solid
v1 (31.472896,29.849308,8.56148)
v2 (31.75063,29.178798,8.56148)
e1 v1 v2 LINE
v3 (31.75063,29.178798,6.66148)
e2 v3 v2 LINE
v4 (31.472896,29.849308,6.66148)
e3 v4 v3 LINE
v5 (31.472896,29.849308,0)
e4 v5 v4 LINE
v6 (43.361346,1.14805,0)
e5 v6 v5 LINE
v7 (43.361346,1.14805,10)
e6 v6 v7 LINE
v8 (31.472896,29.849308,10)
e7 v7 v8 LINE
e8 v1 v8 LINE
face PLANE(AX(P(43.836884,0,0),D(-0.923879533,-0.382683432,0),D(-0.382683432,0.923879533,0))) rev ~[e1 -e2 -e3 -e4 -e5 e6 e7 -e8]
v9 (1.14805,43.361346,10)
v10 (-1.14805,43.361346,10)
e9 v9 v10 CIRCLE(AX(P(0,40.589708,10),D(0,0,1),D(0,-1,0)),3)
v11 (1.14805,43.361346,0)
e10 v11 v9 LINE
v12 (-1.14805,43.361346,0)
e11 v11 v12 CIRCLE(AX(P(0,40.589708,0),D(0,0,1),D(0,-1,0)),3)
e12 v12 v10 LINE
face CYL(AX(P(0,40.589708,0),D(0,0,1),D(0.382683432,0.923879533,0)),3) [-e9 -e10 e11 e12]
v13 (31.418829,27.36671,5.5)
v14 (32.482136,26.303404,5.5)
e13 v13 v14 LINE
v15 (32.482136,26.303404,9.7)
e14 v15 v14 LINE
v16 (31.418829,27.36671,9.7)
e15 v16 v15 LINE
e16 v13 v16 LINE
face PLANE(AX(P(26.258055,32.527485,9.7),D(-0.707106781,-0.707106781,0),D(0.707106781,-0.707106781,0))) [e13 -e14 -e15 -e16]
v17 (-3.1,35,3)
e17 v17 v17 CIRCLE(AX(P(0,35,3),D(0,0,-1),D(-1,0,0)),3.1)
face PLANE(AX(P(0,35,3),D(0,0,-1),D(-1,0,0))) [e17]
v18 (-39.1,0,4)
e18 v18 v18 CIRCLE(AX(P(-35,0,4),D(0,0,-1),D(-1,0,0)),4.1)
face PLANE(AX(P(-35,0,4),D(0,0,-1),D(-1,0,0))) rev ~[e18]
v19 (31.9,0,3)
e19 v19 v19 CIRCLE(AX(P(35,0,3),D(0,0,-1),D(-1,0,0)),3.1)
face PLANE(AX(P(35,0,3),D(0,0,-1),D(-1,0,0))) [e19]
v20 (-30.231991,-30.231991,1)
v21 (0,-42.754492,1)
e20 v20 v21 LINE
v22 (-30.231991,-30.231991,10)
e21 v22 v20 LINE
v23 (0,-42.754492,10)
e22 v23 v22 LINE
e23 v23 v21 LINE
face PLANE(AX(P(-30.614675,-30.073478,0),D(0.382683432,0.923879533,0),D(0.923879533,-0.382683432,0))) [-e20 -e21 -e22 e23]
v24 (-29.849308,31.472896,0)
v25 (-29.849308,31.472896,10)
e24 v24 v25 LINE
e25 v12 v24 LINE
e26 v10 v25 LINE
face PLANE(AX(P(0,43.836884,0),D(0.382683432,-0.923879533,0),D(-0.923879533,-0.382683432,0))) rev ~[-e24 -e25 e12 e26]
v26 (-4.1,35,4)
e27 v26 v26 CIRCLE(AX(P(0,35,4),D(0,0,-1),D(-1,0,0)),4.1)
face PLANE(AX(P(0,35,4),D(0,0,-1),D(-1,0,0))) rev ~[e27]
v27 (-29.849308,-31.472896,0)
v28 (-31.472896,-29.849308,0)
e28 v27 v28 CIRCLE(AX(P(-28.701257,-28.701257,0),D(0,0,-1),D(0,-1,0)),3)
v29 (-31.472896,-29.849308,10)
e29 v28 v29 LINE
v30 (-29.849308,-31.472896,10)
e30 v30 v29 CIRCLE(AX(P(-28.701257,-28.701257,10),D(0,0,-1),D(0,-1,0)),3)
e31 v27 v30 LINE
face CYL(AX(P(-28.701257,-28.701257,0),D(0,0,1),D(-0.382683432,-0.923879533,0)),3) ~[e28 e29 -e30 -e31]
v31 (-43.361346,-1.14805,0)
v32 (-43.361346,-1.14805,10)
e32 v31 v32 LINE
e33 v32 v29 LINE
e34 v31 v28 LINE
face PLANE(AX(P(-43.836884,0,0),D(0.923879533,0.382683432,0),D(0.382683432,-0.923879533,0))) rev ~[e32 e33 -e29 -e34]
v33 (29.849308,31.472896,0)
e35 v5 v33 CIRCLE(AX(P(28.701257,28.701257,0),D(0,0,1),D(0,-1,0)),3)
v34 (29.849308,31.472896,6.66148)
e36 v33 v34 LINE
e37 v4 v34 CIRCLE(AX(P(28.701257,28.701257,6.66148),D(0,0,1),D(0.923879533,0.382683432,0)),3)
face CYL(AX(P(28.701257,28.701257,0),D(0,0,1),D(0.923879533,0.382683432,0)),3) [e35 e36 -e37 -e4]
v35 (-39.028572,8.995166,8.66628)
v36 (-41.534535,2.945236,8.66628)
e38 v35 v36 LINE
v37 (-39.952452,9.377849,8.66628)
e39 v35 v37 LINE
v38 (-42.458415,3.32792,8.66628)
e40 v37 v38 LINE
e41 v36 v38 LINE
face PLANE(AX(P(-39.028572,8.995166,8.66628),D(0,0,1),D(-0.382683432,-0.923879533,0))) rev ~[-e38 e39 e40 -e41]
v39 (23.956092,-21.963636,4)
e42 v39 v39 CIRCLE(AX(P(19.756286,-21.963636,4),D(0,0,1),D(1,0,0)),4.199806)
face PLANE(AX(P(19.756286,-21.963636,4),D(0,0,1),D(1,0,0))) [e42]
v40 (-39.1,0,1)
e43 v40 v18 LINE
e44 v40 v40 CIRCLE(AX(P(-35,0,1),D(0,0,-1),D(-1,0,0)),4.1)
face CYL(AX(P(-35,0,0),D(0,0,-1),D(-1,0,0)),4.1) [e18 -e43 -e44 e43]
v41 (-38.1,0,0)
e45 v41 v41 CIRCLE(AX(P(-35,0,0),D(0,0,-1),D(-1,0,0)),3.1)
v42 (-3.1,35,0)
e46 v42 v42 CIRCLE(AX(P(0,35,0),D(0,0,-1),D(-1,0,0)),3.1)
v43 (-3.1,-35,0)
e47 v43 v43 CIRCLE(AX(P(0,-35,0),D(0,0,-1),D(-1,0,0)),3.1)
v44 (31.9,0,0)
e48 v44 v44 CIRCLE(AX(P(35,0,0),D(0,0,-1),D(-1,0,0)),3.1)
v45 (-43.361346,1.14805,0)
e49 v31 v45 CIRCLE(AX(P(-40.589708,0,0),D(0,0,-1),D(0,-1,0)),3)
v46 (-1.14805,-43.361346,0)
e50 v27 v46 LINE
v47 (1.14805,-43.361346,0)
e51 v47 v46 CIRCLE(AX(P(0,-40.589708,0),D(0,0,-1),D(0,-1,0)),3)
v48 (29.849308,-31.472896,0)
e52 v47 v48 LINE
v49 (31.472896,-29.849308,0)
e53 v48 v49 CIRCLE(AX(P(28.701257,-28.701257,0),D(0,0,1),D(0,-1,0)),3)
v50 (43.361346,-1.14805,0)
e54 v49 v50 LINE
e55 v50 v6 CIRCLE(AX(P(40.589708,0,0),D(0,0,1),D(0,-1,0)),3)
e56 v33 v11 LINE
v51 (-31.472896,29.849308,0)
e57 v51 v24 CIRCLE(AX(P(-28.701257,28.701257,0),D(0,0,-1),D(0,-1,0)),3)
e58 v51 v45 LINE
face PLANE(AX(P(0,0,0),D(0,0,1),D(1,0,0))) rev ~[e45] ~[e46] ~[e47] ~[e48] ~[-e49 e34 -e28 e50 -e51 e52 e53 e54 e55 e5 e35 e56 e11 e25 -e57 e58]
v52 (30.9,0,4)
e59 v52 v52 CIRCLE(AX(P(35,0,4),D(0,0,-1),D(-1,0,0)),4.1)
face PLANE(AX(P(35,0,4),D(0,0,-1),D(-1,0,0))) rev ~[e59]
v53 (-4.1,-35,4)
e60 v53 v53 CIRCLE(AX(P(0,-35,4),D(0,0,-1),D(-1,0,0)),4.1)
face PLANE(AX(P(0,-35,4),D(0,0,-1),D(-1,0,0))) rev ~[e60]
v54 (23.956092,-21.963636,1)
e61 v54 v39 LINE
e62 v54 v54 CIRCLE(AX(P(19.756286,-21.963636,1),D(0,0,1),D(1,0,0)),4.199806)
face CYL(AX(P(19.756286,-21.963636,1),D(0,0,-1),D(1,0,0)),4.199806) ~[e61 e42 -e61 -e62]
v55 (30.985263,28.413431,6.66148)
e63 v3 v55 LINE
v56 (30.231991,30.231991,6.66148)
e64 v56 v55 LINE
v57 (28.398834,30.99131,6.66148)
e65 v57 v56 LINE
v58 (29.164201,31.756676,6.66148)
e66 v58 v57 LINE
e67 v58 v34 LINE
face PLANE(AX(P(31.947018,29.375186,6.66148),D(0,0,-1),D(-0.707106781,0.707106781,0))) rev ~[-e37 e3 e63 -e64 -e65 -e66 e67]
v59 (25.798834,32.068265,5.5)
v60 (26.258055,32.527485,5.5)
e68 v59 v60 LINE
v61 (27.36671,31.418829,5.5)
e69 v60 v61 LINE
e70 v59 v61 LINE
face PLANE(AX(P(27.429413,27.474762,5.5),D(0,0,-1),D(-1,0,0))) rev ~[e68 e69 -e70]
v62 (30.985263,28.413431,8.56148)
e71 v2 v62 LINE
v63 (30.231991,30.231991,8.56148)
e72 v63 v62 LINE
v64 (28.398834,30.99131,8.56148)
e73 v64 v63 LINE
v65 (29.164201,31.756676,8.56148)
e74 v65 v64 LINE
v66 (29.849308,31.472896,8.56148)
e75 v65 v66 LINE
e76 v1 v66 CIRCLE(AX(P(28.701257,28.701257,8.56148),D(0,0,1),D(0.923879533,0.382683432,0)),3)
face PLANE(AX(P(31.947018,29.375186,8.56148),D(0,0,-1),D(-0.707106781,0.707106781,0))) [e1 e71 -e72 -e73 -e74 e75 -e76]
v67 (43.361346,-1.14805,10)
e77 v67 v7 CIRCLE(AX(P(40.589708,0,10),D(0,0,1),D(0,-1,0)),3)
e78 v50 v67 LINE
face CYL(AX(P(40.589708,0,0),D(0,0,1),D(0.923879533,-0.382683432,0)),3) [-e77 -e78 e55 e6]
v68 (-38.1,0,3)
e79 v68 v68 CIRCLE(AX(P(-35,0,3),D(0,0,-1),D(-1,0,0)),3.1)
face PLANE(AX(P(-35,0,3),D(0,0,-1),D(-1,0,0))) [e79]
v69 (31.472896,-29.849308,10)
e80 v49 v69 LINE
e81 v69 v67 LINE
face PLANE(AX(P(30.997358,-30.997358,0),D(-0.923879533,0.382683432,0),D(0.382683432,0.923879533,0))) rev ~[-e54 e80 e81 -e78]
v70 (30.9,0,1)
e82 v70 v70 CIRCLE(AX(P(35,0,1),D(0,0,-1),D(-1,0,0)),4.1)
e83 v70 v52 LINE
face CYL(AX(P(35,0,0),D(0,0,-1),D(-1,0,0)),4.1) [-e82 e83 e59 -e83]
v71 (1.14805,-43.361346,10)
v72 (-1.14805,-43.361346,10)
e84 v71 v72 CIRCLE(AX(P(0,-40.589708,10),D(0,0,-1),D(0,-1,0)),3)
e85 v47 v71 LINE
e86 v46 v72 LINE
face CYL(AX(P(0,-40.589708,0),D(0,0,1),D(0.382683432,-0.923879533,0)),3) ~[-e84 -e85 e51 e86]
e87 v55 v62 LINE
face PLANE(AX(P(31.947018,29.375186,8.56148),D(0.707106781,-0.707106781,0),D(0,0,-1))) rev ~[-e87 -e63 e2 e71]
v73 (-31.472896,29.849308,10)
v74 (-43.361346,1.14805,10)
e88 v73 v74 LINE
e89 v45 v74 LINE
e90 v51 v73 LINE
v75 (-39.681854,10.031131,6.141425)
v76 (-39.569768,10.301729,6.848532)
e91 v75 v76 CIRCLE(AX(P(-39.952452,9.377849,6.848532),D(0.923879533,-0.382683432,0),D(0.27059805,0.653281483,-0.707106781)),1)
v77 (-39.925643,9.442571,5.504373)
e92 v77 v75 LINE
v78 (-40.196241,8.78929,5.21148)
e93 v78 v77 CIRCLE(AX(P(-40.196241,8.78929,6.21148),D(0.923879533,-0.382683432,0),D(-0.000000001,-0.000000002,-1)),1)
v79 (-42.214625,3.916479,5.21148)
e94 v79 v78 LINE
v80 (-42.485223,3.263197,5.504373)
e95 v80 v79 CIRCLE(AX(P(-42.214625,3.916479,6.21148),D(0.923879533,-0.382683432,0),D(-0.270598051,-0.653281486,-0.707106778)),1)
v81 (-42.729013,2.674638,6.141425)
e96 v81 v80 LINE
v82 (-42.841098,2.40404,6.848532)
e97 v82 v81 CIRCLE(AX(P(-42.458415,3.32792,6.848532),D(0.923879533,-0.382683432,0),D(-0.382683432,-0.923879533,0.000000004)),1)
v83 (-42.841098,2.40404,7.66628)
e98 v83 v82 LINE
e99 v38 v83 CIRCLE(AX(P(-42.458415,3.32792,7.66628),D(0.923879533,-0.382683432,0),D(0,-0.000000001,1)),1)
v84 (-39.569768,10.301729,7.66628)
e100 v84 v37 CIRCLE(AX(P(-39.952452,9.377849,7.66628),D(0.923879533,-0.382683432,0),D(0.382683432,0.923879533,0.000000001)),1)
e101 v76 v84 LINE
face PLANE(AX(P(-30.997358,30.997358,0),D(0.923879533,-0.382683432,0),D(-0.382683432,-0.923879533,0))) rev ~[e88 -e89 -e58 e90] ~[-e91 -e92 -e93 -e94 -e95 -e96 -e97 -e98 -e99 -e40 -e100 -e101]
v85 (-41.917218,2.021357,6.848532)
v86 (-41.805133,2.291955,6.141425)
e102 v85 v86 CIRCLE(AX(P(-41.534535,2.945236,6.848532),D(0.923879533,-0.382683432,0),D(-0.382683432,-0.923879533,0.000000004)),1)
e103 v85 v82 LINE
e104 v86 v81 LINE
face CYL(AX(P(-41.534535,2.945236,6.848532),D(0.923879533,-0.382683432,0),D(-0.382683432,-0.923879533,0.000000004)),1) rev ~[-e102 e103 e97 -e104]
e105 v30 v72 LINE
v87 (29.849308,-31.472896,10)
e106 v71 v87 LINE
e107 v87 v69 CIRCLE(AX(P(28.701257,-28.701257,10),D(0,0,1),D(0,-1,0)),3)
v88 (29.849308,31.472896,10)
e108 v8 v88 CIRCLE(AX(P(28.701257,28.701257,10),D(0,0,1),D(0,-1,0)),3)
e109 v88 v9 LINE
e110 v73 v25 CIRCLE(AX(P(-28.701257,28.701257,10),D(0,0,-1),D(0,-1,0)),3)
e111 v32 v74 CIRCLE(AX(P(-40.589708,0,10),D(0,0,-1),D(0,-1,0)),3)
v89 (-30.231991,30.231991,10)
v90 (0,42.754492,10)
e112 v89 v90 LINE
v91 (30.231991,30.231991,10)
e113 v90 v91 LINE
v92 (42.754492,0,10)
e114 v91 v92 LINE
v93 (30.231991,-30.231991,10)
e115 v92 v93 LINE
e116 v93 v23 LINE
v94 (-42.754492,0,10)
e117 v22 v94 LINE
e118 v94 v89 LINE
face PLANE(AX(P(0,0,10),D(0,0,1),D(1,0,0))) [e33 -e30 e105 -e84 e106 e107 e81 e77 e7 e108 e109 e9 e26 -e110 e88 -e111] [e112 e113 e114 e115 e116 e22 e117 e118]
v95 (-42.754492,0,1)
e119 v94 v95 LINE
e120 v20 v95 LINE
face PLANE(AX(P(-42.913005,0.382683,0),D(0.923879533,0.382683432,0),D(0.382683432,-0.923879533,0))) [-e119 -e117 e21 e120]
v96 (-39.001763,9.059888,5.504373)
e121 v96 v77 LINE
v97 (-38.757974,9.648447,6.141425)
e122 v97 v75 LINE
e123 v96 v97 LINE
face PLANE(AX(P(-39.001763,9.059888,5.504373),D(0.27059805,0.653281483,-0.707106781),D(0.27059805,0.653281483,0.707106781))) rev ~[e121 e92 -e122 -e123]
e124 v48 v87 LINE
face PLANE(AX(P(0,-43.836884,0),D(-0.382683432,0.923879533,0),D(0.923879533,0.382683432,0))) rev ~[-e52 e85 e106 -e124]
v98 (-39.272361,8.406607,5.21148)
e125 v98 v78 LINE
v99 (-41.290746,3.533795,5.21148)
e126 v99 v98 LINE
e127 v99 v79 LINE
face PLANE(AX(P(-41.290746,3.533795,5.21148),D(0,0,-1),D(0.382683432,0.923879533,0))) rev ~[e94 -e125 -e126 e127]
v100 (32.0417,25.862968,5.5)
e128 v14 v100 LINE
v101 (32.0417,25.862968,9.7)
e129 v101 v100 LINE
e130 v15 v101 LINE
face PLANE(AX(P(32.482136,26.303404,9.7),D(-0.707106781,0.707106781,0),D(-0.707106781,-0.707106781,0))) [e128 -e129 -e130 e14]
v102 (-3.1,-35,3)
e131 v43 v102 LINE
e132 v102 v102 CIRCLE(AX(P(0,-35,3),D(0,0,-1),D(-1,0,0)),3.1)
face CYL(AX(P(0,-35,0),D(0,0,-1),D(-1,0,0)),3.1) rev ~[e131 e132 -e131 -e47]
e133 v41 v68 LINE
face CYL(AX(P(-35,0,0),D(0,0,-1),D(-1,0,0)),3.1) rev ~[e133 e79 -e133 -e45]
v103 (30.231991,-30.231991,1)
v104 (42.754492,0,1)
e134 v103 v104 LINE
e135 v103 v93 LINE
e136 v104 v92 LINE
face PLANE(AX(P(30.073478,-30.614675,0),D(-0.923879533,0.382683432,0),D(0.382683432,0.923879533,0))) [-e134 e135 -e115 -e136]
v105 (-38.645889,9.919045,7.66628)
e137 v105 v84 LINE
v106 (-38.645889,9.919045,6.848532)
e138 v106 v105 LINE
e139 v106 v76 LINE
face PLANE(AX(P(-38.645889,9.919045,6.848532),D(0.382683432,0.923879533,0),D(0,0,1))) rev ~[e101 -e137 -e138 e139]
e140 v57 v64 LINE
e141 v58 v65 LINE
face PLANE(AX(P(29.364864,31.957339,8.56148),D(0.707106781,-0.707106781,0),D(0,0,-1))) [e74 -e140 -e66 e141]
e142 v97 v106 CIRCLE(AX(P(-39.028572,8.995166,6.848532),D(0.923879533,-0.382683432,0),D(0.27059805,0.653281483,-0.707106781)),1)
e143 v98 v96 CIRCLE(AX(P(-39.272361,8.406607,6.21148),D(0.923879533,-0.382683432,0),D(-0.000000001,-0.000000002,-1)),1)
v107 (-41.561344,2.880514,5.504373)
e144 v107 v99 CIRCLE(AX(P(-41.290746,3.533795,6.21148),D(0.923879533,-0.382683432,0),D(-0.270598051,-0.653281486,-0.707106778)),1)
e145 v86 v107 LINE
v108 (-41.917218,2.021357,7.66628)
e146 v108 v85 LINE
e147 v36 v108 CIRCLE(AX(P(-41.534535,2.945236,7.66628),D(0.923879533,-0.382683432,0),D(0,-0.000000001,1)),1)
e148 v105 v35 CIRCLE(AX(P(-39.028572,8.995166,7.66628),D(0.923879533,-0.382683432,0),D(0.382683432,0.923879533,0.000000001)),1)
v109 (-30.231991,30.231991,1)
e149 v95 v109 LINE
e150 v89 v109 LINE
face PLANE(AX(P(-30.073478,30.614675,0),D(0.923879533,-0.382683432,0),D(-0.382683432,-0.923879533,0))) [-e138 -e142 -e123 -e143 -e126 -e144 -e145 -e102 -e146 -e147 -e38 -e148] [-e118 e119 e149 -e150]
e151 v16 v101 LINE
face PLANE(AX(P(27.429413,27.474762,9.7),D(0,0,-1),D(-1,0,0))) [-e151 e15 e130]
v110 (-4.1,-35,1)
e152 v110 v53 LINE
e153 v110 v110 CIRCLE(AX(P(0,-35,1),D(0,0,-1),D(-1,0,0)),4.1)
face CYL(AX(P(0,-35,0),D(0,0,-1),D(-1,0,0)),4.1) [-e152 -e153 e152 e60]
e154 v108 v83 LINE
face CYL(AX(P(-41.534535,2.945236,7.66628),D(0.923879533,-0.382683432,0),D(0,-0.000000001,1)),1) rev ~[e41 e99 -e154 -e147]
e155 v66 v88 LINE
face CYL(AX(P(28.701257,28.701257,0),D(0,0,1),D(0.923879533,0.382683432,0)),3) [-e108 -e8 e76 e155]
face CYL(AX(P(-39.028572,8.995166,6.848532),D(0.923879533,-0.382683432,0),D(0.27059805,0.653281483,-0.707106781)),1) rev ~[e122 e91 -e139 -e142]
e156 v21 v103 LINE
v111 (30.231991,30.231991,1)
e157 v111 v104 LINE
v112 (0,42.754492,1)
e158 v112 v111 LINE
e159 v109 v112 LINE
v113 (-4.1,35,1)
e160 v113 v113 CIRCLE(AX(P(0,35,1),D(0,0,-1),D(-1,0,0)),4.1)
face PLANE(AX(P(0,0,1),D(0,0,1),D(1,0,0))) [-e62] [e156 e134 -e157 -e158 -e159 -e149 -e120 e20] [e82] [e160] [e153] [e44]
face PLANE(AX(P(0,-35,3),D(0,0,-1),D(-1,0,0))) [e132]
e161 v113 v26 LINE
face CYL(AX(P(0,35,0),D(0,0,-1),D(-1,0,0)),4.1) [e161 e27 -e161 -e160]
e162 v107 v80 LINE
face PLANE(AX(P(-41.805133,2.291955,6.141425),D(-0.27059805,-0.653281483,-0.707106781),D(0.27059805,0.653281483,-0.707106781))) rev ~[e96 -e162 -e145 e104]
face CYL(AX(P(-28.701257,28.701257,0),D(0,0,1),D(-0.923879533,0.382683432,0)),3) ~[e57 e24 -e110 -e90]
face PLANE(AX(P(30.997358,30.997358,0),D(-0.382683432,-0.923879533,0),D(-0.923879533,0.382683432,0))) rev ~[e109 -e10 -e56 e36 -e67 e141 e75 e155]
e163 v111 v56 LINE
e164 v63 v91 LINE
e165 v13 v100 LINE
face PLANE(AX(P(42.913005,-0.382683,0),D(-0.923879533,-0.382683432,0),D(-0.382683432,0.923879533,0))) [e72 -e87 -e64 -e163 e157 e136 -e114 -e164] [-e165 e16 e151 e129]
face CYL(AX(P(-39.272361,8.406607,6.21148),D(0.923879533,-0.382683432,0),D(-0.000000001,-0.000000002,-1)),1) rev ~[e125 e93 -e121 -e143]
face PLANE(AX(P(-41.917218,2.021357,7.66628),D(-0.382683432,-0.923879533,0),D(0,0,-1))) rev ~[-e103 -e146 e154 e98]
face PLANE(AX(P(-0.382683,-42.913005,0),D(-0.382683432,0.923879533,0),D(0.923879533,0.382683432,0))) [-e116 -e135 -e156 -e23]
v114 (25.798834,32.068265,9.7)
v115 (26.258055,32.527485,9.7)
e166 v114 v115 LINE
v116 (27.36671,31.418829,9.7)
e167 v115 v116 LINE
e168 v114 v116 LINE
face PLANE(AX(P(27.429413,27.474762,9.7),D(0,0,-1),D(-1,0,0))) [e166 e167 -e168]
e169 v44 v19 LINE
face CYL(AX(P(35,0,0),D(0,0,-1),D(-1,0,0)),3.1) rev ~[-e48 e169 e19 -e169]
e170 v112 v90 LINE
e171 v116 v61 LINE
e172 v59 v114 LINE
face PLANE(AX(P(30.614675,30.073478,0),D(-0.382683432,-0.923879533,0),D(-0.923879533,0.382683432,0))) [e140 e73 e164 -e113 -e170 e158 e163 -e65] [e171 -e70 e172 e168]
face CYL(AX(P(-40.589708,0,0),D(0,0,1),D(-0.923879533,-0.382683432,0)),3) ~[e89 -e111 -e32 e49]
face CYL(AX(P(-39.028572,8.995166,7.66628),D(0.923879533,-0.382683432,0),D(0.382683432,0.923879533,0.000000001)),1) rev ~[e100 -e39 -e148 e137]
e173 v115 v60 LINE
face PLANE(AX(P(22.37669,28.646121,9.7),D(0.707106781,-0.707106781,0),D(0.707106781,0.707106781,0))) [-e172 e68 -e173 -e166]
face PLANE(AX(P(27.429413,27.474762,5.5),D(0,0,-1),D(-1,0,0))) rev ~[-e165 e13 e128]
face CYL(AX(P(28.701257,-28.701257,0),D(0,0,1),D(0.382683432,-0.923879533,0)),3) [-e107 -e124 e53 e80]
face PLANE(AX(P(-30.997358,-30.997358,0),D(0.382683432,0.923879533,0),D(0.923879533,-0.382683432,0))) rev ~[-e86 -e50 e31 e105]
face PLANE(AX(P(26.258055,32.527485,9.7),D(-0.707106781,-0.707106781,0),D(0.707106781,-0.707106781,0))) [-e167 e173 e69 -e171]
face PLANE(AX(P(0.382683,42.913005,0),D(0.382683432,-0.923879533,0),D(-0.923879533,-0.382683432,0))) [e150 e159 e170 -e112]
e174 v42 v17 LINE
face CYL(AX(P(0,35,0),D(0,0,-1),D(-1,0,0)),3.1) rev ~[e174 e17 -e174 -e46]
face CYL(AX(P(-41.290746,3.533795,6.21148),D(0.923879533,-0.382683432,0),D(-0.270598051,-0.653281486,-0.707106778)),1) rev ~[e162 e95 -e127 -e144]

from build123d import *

# Parameters (mm, degrees)
BOSS_EXTRU_1_DEPTH           = 10
ESQUISSE2_R                  = 3.1
ENL_V_MAT_EXTRU_1_DEPTH      = 3
COQUE2_T                     = -1
CONG_1_R                     = 3
ENL_V_MAT_EXTRU_2_DEPTH      = 10
ESQUISSE4_R                  = 4.199805961
BOSS_EXTRU_2_DEPTH           = 3
ESQUISSE5_W                  = 3.651716426
ESQUISSE5_H                  = 1.9
ENL_V_MAT_EXTRU_3_DEPTH      = 11
ENL_V_MAT_EXTRU_3_DEPTH_BACK = 11
ENL_V_START                  = -0.3
ENL_V_MAT_EXTRU_4_DEPTH      = 4.2


with BuildPart() as part:
    # Esquisse1 → Boss.-Extru.1 (new body)
    with BuildSketch(Plane.XY):
        Polygon((0, -43.836884112), (30.997358022, -30.997358022), (43.836884112, 0), (30.997358022, 30.997358022), (0, 43.836884112), (-30.997358022, 30.997358022), (-43.836884112, 0), (-30.997358022, -30.997358022), align=None)
    extrude(amount=BOSS_EXTRU_1_DEPTH)

    # Esquisse2 → Enl_v. mat.-Extru.1 (cut)
    with BuildSketch(Plane(origin=(0, 0, 0), x_dir=(-1, 0, 0), z_dir=(0, 0, -1))):
        with Locations((0, 35)):
            Circle(ESQUISSE2_R)
        with Locations((35, 0)):
            Circle(ESQUISSE2_R)
        with Locations((0, -35)):
            Circle(ESQUISSE2_R)
        with Locations((-35, 0)):
            Circle(ESQUISSE2_R)
    extrude(amount=-ENL_V_MAT_EXTRU_1_DEPTH, mode=Mode.SUBTRACT)

    # Coque2
    coque2_openings = [part.faces().sort_by_distance(p)[0] for p in [
        (0, 0, 10),
    ]]
    offset(amount=COQUE2_T, openings=coque2_openings, kind=Kind.INTERSECTION)

    # Cong_1
    cong_1_edges = [part.edges().sort_by_distance(p)[0] for p in [
        (30.997358022, -30.997358022, 5),
        (0, -43.836884112, 5),
        (-30.997358022, -30.997358022, 5),
        (-43.836884112, 0, 5),
        (-30.997358022, 30.997358022, 5),
        (0, 43.836884112, 5),
        (30.997358022, 30.997358022, 5),
        (43.836884112, 0, 5),
    ]]
    fillet(cong_1_edges, radius=CONG_1_R)

    # Esquisse3 → Enl_v. mat.-Extru.2 (cut)
    with BuildSketch(Plane(origin=(-36.493241534, 15.115995578, 0), x_dir=(0, 0, -1), z_dir=(0.923879533, -0.382683432, 0))):
        with BuildLine():
            Line((-7.666279935, -14.17353482), (-6.84853173, -14.17353482))
            ThreePointArc((-6.84853173, -14.17353482), (-6.465848297, -14.097414353), (-6.141424949, -13.880641601))
            Line((-6.141424949, -13.880641601), (-5.504373219, -13.243589871))
            ThreePointArc((-5.504373219, -13.243589871), (-5.287600467, -12.919166523), (-5.21148, -12.53648309))
            Line((-5.21148, -12.53648309), (-5.21148, -7.262190369))
            ThreePointArc((-5.21148, -7.262190369), (-5.287600467, -6.879506937), (-5.504373219, -6.555083588))
            Line((-5.504373219, -6.555083588), (-6.141424949, -5.918031858))
            ThreePointArc((-6.141424949, -5.918031858), (-6.465848297, -5.701259107), (-6.84853173, -5.625138639))
            Line((-6.84853173, -5.625138639), (-7.666279935, -5.625138639))
            ThreePointArc((-7.666279935, -5.625138639), (-8.373386716, -5.918031858), (-8.666279935, -6.625138639))
            Line((-8.666279935, -6.625138639), (-8.666279935, -13.17353482))
            ThreePointArc((-8.666279935, -13.17353482), (-8.373386716, -13.880641601), (-7.666279935, -14.17353482))
        make_face()
    extrude(amount=-ENL_V_MAT_EXTRU_2_DEPTH, mode=Mode.SUBTRACT)

    # Esquisse4 → Boss.-Extru.2 (add)
    with BuildSketch(Plane.XY.offset(1)):
        with Locations((19.756285748, -21.963635985)):
            Circle(ESQUISSE4_R)
    extrude(amount=BOSS_EXTRU_2_DEPTH)

    # Esquisse5 → Enl_v. mat.-Extru.3 (cut, two sides)
    with BuildSketch(Plane(origin=(30.661101875, 30.661101875, 0), x_dir=(-0.707106781, 0.707106781, 0), z_dir=(-0.707106781, -0.707106781, 0))) as enl_v_mat_extru_3_sk:
        with Locations((0.007298531, -7.61148)):
            Rectangle(ESQUISSE5_W, ESQUISSE5_H)
    extrude(amount=ENL_V_MAT_EXTRU_3_DEPTH, mode=Mode.SUBTRACT)
    extrude(enl_v_mat_extru_3_sk.sketch, amount=-ENL_V_MAT_EXTRU_3_DEPTH_BACK, mode=Mode.SUBTRACT)

    # Esquisse6 → Enl_v. mat.-Extru.4 (cut)
    with BuildSketch(Plane.XY.offset(10).offset(ENL_V_START)):
        Polygon((26.258054531, 32.527484923), (32.482135733, 26.303403722), (28.600771667, 22.422039656), (22.376690466, 28.646120858), align=None)
    extrude(amount=-ENL_V_MAT_EXTRU_4_DEPTH, mode=Mode.SUBTRACT)


solid = part.part
